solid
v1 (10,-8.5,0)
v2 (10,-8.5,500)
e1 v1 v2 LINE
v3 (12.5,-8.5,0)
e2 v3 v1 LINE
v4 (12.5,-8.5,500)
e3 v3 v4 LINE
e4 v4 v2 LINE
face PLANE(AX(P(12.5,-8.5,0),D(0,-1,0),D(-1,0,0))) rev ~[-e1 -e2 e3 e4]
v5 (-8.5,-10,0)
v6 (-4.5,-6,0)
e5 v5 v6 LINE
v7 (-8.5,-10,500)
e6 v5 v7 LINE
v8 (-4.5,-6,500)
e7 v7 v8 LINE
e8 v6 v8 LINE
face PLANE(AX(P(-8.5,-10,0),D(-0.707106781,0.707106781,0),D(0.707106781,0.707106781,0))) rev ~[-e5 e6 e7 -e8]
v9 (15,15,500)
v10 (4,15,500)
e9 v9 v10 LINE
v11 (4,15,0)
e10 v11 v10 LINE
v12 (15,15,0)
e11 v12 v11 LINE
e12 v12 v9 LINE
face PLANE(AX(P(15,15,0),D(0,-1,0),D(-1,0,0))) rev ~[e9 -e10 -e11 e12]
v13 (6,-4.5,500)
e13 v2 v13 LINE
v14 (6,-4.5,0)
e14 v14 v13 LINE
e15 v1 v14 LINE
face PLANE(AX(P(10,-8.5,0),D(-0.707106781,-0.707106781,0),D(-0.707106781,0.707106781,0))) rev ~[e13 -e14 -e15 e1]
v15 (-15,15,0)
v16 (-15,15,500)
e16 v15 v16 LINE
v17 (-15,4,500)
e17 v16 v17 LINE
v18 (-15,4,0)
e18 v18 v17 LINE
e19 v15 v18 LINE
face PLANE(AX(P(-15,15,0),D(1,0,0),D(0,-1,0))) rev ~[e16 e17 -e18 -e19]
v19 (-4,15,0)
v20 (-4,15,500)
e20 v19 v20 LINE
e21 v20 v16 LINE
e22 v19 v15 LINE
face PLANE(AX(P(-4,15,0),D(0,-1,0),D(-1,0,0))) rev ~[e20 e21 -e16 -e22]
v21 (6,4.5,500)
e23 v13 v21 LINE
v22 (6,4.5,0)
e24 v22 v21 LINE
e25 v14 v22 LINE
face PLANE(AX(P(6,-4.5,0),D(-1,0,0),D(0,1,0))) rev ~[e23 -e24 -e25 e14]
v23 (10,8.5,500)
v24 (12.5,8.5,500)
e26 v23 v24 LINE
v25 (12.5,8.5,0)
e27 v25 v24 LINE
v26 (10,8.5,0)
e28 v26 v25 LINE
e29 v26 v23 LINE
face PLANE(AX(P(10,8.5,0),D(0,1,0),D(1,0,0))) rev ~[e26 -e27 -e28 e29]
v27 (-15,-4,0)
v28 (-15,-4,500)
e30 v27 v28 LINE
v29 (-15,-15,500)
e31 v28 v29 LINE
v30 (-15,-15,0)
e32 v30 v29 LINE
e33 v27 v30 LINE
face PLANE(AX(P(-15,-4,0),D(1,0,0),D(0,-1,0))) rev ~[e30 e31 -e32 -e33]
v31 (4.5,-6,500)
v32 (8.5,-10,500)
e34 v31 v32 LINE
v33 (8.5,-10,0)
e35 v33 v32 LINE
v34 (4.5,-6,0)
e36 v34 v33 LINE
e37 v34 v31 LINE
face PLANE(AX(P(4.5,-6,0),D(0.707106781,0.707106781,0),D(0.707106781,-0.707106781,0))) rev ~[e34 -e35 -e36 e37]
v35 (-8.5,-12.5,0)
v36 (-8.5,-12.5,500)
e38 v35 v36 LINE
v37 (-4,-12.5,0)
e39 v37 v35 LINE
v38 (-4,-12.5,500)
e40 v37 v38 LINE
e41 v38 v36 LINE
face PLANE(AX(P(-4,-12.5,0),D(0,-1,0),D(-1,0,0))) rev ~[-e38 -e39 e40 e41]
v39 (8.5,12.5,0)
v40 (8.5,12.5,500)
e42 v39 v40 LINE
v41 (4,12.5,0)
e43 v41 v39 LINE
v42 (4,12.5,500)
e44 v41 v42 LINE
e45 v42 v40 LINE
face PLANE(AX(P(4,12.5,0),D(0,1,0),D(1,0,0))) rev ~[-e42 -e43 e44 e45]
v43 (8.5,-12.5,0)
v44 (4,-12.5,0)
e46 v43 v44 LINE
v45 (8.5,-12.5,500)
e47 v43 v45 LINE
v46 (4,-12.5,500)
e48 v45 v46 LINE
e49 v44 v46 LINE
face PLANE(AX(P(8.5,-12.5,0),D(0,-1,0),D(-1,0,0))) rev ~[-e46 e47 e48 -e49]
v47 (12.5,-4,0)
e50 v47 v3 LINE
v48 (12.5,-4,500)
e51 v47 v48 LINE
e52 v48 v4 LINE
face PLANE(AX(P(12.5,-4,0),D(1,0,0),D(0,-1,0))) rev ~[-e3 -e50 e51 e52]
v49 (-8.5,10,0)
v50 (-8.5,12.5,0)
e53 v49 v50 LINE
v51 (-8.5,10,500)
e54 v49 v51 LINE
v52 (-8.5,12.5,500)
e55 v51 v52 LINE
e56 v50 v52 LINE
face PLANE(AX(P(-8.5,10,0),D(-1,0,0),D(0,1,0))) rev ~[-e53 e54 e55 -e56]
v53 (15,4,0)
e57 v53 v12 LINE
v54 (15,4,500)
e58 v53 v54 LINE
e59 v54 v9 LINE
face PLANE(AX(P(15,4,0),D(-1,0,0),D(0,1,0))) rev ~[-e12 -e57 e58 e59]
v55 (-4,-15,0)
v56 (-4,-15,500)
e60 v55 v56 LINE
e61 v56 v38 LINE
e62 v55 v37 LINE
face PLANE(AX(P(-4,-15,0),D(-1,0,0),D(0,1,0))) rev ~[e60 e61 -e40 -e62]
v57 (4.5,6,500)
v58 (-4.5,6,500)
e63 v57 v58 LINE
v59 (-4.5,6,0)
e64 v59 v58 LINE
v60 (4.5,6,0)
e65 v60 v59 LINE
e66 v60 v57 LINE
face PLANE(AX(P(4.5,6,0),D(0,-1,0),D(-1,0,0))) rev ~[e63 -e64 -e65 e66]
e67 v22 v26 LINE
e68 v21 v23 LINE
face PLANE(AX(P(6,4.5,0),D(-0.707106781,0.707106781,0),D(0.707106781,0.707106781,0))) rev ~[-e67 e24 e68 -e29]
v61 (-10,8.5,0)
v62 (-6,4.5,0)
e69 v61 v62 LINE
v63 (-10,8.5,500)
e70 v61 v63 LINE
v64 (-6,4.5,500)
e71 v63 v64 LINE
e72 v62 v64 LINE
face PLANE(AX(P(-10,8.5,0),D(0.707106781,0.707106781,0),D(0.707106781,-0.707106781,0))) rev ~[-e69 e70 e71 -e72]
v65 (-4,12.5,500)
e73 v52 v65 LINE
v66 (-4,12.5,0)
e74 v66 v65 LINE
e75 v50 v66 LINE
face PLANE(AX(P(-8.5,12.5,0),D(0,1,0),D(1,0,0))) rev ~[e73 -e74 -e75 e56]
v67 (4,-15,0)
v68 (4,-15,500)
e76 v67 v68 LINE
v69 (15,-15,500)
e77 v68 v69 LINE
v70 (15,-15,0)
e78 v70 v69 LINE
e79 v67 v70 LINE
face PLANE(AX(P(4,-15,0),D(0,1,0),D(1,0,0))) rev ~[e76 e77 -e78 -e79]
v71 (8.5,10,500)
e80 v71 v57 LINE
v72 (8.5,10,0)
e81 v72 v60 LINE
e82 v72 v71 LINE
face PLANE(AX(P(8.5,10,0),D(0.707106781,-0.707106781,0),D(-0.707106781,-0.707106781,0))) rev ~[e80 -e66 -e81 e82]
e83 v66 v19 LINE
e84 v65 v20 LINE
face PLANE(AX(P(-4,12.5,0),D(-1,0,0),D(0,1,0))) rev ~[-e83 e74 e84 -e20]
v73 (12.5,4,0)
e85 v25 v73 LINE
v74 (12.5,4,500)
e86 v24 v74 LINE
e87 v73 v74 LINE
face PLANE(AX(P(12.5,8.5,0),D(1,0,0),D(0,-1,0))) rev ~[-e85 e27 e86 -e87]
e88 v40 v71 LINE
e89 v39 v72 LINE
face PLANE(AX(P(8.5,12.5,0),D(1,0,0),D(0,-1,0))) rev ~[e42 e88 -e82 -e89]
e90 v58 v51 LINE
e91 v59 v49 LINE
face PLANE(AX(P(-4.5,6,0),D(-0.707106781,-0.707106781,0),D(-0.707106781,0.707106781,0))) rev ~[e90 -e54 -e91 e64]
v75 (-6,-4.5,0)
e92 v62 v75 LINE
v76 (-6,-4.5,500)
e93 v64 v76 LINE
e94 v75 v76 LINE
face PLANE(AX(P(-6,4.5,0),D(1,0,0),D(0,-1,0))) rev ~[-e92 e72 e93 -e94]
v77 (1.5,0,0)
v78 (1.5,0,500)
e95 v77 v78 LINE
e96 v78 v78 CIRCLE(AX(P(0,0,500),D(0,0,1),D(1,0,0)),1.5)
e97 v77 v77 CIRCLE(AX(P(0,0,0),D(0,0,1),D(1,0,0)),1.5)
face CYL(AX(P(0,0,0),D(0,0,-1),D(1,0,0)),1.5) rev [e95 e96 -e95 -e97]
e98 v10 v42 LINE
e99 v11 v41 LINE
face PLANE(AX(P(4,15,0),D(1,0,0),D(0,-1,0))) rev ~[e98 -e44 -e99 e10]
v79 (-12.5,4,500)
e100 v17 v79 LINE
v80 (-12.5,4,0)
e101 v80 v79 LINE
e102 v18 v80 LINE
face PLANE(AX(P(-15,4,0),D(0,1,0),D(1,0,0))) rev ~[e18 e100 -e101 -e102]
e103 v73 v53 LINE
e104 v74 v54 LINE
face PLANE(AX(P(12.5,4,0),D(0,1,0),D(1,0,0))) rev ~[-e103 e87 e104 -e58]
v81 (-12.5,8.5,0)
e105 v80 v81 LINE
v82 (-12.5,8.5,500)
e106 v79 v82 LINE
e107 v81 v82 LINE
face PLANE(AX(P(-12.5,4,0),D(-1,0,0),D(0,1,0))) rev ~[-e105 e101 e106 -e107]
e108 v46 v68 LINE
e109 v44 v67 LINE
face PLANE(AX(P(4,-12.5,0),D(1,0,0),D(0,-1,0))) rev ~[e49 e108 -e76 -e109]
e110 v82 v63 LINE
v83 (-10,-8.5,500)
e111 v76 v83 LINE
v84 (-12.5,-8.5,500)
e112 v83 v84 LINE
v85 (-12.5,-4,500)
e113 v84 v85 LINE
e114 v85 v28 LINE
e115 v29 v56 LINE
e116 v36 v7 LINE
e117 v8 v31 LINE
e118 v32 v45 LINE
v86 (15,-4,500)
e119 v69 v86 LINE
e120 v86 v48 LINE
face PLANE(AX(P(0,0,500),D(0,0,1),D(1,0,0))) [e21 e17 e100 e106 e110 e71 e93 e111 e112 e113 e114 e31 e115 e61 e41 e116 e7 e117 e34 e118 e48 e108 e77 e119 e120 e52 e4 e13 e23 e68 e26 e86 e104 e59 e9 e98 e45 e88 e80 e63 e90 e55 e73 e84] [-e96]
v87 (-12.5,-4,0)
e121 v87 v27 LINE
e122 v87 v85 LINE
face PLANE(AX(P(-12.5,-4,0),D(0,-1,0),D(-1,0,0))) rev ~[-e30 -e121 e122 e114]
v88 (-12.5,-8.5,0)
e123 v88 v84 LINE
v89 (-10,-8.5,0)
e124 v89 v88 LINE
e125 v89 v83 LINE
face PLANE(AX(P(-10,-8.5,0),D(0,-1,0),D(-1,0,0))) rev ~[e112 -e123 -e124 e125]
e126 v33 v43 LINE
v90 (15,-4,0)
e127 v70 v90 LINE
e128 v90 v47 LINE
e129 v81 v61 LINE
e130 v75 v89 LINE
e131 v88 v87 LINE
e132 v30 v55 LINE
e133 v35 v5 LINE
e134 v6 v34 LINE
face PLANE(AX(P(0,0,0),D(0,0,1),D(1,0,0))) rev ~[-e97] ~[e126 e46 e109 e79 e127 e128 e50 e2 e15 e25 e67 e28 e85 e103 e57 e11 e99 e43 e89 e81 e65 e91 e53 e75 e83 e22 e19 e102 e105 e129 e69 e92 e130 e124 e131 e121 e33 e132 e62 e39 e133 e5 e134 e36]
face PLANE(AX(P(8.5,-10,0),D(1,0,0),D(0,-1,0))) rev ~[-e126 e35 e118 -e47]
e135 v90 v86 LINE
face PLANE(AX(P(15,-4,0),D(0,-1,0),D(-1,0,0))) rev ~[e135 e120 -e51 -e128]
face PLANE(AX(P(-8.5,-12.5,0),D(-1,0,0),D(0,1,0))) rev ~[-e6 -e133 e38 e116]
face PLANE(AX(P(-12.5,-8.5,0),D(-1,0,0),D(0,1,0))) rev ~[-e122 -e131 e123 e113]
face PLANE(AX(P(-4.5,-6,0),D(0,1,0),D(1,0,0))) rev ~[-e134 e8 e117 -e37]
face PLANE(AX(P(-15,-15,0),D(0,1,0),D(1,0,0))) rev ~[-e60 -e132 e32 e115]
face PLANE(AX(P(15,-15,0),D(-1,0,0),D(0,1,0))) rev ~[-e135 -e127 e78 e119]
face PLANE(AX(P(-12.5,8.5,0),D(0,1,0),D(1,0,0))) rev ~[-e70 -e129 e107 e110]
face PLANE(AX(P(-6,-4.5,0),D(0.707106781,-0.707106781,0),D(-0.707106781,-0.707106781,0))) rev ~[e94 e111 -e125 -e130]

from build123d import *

# Parameters (mm, degrees)
SKETCH1_R           = 1.5
BOSS_EXTRUDE1_DEPTH = 500


with BuildPart() as part:
    # Sketch1 → Boss-Extrude1 (new body)
    with BuildSketch(Plane.XY):
        Polygon((15, 15), (4, 15), (4, 12.5), (8.5, 12.5), (8.5, 10), (4.5, 6), (-4.5, 6), (-8.5, 10), (-8.5, 12.5), (-4, 12.5), (-4, 15), (-15, 15), (-15, 4), (-12.5, 4), (-12.5, 8.5), (-10, 8.5), (-6, 4.5), (-6, -4.5), (-10, -8.5), (-12.5, -8.5), (-12.5, -4), (-15, -4), (-15, -15), (-4, -15), (-4, -12.5), (-8.5, -12.5), (-8.5, -10), (-4.5, -6), (4.5, -6), (8.5, -10), (8.5, -12.5), (4, -12.5), (4, -15), (15, -15), (15, -4), (12.5, -4), (12.5, -8.5), (10, -8.5), (6, -4.5), (6, 4.5), (10, 8.5), (12.5, 8.5), (12.5, 4), (15, 4), align=None)
        Circle(SKETCH1_R, mode=Mode.SUBTRACT)
    extrude(amount=BOSS_EXTRUDE1_DEPTH)


solid = part.part
